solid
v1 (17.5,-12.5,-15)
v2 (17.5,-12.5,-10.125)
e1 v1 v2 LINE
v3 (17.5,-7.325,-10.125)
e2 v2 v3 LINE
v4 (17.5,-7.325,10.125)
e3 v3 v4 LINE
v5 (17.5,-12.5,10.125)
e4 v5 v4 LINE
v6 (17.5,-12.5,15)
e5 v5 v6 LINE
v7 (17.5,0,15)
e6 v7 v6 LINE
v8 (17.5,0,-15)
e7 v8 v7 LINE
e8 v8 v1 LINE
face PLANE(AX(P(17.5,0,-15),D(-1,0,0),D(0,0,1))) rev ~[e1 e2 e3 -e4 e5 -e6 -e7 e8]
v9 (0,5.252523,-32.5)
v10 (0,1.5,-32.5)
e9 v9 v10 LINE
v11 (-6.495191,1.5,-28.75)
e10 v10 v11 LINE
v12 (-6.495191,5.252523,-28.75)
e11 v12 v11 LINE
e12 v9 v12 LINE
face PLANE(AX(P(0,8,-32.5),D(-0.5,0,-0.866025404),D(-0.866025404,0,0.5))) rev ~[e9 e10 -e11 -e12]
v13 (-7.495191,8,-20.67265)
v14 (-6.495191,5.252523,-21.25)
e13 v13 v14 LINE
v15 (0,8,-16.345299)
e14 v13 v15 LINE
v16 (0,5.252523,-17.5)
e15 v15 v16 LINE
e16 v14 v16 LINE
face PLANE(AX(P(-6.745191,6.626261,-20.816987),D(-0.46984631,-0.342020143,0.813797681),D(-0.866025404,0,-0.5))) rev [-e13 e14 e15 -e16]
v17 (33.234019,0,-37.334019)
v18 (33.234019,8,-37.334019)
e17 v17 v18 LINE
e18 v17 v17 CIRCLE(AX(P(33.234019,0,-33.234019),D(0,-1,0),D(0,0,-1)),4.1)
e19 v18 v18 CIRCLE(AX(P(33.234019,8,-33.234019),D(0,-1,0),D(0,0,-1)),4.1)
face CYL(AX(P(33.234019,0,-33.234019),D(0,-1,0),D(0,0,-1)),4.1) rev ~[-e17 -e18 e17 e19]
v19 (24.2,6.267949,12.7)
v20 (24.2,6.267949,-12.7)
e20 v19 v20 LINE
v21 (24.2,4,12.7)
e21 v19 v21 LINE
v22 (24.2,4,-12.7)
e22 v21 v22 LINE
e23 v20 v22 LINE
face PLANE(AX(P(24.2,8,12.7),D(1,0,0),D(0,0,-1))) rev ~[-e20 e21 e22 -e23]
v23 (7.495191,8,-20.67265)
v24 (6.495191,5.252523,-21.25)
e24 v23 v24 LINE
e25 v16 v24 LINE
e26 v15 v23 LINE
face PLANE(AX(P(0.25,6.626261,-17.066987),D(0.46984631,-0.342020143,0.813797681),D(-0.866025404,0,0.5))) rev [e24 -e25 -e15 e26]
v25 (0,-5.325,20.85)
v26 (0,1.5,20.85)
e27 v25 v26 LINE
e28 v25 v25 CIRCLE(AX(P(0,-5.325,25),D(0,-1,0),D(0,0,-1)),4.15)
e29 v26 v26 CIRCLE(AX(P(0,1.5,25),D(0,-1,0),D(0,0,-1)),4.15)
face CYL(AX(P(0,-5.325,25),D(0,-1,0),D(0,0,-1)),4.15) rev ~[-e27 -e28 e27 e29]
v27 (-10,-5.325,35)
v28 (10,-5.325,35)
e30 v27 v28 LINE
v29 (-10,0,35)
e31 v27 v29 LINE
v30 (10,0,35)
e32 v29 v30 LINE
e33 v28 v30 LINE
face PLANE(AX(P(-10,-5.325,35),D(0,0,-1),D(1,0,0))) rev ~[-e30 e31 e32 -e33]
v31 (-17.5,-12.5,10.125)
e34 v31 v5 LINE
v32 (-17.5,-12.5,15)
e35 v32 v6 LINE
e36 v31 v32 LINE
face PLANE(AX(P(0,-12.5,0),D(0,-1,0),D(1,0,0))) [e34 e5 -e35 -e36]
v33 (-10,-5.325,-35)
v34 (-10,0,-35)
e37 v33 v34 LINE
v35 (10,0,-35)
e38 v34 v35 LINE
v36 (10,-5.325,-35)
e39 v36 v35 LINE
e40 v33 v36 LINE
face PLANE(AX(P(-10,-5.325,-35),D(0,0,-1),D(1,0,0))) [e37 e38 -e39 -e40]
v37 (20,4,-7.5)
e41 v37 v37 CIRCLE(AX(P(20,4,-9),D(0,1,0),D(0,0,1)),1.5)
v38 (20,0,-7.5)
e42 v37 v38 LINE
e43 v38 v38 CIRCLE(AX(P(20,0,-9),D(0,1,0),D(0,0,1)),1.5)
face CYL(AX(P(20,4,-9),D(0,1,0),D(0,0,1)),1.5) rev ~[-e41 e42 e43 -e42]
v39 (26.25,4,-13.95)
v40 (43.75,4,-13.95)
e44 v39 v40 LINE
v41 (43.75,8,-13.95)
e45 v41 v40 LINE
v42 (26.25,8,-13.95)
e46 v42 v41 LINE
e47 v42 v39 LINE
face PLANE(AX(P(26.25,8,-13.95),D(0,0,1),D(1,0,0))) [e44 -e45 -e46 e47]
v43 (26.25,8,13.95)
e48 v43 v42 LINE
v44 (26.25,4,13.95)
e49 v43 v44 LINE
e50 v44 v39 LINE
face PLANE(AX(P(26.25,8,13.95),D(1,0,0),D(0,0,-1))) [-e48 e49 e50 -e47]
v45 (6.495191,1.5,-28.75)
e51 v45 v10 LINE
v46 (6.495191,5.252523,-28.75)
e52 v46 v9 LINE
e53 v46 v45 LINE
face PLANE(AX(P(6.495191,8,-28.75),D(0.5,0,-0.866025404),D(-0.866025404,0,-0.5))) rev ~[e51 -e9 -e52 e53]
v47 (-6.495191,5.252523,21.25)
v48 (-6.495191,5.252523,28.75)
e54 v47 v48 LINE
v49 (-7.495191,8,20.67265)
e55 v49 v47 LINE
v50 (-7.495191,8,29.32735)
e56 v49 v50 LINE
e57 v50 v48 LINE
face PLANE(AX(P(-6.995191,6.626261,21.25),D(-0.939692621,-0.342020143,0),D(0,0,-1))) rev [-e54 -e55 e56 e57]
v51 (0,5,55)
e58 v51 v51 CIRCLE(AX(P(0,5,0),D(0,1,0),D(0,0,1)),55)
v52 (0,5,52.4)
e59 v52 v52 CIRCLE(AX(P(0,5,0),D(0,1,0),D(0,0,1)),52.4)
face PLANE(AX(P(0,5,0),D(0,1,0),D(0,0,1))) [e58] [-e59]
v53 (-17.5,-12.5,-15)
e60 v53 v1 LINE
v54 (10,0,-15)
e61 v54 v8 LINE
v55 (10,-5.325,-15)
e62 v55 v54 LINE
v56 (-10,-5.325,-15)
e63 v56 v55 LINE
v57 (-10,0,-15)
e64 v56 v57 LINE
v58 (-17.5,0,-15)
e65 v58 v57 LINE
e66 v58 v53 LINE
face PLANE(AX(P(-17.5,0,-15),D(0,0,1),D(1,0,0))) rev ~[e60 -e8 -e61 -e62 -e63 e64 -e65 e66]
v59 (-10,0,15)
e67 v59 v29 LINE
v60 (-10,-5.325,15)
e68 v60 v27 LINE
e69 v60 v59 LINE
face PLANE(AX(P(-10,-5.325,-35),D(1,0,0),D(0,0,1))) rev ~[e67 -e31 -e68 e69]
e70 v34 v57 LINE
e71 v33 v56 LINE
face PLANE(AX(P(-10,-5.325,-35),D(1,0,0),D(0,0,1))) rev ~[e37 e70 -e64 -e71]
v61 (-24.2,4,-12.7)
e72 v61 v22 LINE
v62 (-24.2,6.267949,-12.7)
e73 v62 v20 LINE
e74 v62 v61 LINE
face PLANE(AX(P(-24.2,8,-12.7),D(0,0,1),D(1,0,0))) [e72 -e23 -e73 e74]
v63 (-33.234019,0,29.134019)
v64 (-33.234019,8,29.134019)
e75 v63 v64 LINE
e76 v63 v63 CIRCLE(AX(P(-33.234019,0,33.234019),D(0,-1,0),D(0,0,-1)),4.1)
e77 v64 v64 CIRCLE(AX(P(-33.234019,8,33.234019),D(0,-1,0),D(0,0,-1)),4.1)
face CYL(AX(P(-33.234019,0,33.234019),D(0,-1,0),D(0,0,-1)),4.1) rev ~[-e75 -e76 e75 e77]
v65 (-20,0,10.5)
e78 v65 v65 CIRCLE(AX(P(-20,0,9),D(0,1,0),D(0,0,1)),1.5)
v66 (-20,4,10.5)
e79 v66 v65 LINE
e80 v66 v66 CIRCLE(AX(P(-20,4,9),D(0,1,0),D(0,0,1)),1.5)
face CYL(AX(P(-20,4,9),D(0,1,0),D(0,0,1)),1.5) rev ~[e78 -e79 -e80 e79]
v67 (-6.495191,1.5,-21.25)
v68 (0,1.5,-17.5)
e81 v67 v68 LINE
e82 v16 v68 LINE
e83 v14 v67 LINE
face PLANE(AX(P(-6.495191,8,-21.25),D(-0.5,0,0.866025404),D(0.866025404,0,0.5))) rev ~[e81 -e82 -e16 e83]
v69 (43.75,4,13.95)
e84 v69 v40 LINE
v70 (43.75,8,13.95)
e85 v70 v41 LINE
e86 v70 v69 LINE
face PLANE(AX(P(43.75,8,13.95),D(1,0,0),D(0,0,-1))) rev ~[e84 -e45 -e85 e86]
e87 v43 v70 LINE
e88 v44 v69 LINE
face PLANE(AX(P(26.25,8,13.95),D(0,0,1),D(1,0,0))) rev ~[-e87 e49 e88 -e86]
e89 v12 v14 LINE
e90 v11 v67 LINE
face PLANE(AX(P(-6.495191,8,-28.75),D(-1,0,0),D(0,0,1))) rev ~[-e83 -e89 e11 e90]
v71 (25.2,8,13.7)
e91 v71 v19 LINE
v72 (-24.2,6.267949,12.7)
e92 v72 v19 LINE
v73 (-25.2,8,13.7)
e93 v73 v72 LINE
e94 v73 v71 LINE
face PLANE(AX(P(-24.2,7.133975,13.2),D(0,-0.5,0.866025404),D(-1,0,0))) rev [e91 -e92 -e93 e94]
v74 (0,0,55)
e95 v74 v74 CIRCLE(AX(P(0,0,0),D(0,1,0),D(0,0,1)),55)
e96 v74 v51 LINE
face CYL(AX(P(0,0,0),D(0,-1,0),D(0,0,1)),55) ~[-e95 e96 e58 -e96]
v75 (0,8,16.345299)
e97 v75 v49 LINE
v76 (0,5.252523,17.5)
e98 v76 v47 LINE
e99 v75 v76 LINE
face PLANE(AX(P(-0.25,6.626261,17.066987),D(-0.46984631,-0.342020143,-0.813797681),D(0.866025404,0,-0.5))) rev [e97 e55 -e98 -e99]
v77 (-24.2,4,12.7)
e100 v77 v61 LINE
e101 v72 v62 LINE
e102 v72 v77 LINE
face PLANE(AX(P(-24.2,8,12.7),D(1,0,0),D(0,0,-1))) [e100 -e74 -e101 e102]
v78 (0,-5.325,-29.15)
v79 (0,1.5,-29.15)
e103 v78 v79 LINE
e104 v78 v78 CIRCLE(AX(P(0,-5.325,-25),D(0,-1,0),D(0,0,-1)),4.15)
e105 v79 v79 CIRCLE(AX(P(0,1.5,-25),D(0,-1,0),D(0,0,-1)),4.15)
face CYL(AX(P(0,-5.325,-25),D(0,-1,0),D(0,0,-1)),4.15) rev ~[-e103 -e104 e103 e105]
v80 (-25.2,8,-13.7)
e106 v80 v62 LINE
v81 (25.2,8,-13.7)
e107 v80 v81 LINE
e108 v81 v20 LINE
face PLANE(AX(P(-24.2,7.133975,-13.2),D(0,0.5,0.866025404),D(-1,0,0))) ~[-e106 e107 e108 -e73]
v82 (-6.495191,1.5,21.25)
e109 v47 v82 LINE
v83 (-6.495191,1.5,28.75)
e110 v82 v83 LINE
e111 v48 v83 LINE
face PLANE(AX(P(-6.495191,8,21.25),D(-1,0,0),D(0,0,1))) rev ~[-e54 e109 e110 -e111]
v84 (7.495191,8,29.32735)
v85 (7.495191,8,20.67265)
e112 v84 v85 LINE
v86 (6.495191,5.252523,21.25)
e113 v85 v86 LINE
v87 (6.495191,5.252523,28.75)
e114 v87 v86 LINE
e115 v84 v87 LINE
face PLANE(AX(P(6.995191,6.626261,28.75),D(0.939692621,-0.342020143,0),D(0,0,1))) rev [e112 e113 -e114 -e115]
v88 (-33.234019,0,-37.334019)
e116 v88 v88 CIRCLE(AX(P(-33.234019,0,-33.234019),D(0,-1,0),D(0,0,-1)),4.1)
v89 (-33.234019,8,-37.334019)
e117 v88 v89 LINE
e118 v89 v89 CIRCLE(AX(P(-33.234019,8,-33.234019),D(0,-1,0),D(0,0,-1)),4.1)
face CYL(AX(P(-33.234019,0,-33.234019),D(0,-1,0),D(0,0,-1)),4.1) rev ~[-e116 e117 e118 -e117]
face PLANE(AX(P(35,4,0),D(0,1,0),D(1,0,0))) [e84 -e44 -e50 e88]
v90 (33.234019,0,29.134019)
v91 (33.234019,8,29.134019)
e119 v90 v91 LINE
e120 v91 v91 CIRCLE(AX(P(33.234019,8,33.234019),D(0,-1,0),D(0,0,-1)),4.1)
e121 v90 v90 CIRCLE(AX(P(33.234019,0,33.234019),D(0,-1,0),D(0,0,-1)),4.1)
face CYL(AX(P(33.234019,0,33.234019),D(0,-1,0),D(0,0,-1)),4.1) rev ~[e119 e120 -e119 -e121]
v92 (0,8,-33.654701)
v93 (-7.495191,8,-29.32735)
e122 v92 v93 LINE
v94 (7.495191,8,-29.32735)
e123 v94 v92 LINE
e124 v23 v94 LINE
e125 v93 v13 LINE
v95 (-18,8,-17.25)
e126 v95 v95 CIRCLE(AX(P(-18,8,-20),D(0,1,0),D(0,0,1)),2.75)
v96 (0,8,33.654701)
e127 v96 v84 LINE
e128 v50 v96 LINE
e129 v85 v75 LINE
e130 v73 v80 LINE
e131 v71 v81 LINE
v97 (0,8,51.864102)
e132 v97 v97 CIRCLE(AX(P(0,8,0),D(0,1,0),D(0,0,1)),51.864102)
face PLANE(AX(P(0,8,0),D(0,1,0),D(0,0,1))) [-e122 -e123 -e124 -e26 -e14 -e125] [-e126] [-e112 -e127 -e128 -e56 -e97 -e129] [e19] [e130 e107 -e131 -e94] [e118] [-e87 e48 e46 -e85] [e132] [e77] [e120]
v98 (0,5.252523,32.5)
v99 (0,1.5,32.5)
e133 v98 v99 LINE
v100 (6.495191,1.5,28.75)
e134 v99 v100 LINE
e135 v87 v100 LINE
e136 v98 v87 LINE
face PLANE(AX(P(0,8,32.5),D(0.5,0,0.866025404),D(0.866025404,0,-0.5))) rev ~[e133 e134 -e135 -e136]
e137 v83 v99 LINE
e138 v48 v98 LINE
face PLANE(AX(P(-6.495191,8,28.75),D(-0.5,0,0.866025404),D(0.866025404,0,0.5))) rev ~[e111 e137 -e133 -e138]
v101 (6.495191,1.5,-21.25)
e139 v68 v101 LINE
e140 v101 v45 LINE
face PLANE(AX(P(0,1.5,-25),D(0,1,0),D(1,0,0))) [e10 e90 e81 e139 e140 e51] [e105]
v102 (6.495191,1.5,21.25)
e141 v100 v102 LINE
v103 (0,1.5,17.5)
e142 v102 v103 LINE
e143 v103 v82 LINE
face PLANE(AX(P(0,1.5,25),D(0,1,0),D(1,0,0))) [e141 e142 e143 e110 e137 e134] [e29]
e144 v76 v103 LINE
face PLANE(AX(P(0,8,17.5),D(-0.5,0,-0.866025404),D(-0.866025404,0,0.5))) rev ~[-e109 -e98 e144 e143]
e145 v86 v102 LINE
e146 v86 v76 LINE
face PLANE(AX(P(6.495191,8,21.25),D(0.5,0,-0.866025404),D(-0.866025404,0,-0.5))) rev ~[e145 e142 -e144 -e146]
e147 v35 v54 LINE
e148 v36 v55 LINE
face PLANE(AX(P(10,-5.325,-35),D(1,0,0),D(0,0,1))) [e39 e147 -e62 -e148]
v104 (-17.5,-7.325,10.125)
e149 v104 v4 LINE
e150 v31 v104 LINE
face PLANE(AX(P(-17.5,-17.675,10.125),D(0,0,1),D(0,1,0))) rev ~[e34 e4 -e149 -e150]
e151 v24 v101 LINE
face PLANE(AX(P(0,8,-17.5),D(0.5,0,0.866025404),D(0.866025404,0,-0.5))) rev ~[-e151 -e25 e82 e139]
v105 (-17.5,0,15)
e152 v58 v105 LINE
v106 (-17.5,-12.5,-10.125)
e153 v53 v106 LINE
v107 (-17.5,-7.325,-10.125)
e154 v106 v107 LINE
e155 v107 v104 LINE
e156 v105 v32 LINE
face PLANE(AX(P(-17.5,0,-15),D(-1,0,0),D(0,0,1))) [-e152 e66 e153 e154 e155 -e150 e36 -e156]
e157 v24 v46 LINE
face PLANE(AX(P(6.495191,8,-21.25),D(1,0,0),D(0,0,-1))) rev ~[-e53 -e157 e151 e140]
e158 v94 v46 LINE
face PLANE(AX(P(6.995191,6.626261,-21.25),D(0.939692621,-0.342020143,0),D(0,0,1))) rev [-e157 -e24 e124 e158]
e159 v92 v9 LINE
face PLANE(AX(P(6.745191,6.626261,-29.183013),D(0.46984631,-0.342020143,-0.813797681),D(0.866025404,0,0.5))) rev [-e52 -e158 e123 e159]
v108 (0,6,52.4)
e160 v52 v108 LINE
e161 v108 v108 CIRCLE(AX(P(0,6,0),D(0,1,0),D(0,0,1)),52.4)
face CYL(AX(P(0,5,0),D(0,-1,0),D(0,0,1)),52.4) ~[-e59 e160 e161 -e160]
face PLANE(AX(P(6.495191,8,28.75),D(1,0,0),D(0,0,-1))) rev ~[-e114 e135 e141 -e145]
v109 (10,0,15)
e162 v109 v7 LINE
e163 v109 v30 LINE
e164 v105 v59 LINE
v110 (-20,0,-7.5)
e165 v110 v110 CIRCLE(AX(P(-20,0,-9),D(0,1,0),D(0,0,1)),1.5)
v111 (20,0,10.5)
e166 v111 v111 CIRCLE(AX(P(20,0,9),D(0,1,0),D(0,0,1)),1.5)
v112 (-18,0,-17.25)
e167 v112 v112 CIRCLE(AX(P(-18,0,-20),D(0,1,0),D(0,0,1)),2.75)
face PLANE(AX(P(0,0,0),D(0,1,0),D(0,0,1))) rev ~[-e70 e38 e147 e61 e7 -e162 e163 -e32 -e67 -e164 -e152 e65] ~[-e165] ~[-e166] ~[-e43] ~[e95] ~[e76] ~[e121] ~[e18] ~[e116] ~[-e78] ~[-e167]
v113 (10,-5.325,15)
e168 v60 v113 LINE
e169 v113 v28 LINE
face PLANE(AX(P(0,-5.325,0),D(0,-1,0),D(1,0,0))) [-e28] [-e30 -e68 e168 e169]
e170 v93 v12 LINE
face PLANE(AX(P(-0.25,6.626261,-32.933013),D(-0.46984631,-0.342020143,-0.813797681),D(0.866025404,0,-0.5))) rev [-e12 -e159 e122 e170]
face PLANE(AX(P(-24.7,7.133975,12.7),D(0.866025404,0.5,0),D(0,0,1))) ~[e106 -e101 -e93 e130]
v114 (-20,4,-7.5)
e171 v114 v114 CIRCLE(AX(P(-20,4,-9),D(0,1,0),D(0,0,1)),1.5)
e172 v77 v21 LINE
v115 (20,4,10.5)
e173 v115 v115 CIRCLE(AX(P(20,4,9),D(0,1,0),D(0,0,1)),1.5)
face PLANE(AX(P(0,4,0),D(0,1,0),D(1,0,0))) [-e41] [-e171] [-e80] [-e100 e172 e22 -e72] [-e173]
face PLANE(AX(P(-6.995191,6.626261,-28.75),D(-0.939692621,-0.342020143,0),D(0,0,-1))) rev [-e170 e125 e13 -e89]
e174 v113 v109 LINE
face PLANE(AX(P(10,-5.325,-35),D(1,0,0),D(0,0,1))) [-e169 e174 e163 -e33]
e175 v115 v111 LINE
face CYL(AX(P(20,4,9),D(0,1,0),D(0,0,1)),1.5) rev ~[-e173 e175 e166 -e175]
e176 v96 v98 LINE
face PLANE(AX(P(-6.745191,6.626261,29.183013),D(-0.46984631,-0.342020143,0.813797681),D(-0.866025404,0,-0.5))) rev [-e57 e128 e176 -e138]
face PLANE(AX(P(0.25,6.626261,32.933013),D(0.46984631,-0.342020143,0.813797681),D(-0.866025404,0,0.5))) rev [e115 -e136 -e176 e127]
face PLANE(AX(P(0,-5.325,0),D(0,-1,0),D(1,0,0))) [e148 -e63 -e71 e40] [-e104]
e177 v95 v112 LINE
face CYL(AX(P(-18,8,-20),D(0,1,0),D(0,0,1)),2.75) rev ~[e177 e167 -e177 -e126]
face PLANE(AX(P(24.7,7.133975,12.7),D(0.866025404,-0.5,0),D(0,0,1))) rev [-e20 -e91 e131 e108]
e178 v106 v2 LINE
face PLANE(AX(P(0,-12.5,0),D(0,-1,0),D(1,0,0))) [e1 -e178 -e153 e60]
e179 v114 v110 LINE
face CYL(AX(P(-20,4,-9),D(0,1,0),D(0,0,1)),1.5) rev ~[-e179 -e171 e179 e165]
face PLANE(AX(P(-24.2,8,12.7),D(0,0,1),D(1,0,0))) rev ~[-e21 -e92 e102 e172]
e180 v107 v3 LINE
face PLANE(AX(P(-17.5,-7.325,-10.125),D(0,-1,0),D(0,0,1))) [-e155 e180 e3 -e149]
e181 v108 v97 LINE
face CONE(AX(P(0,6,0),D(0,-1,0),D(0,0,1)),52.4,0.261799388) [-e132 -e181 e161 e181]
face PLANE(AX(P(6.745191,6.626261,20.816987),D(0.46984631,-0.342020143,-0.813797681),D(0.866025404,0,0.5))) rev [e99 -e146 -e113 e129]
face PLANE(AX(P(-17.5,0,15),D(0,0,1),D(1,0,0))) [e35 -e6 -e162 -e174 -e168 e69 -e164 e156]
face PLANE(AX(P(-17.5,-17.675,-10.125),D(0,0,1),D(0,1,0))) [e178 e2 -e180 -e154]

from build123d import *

# Parameters (mm, degrees)
SKETCH_1_R          = 55
EXTRUDE_1_DEPTH     = 5
SKETCH_2_R          = 52.4
EXTRUDE_2_DEPTH     = 3
SKETCH_3_W          = 35
SKETCH_3_H          = 30
EXTRUDE_3_DEPTH     = 25
SKETCH_5_R          = 4.1
CUT_EXTRUDE_2_DEPTH = 9
SKETCH_6_R          = 2.75
CUT_EXTRUDE_3_DEPTH = 34
SKETCH2_W           = 20.25
SKETCH2_H           = 10.35
CUT_EXTRUDE1_DEPTH  = 73.5
SKETCH3_W           = 17.5
SKETCH3_H           = 27.9
SKETCH3_W_2         = 48.4
SKETCH3_H_2         = 25.4
CUT_EXTRUDE2_DEPTH  = 4
CHAMFER1_SIZE       = 2
CHAMFER1_SIZE2      = 0.535898385
SKETCH4_W           = 35
SKETCH4_H           = 30
CUT_EXTRUDE3_DEPTH  = 12.5
BOSS_EXTRUDE2_START = -2
SKETCH5_W           = 20
SKETCH5_H           = 70
BOSS_EXTRUDE2_DEPTH = 5.325
SKETCH6_R           = 4.15
CUT_EXTRUDE4_DEPTH  = 14.325
CUT_EXTRUDE5_DEPTH  = 6.5
CHAMFER2_SIZE       = 1
CHAMFER2_SIZE2      = 2.747477419
SKETCH8_R           = 1.5
CUT_EXTRUDE6_DEPTH  = 17.5
CHAMFER3_SIZE       = 1
CHAMFER3_SIZE2      = 1.732050808


with BuildPart() as part:
    # Эскиз1 → Бобышка-Вытянуть1 (new body)
    with BuildSketch(Plane(origin=(0, 0, 0), x_dir=(1, 0, 0), z_dir=(0, 1, 0))):
        with Locations(Location((0, 0, 0), (0, 0, 270))):  # turned: the seam where the file's is
            Circle(SKETCH_1_R)
    extrude(amount=EXTRUDE_1_DEPTH)

    # Эскиз2 → Бобышка-Вытянуть2 (add)
    with BuildSketch(Plane(origin=(0, 5, 0), x_dir=(1, 0, 0), z_dir=(0, 1, 0))):
        with Locations(Location((0, 0, 0), (0, 0, 270))):  # turned: the seam where the file's is
            Circle(SKETCH_2_R)
    extrude(amount=EXTRUDE_2_DEPTH)

    # Эскиз3 → Бобышка-Вытянуть3 (add)
    with BuildSketch(Plane.XZ):
        Rectangle(SKETCH_3_W, SKETCH_3_H)
    extrude(amount=EXTRUDE_3_DEPTH)

    # Эскиз5 → Вырез-Вытянуть2 (cut, through all)
    with BuildSketch(Plane.XZ):
        with Locations(Location((33.234018716, -33.234018716, 0), (0, 0, 270))):  # turned: the seam where the file's is
            Circle(SKETCH_5_R)
        with Locations(Location((-33.234018716, -33.234018716, 0), (0, 0, 270))):  # turned: the seam where the file's is
            Circle(SKETCH_5_R)
        with Locations(Location((-33.234018716, 33.234018716, 0), (0, 0, 270))):  # turned: the seam where the file's is
            Circle(SKETCH_5_R)
        with Locations(Location((33.234018716, 33.234018716, 0), (0, 0, 270))):  # turned: the seam where the file's is
            Circle(SKETCH_5_R)
    extrude(amount=-CUT_EXTRUDE_2_DEPTH, mode=Mode.SUBTRACT)

    # Эскиз6 → Вырез-Вытянуть3 (cut, through all)
    with BuildSketch(Plane(origin=(0, 8, 0), x_dir=(1, 0, 0), z_dir=(0, 1, 0))):
        with Locations(Location((-18, 20, 0), (0, 0, 270))):  # turned: the seam where the file's is
            Circle(SKETCH_6_R)
    extrude(amount=-CUT_EXTRUDE_3_DEPTH, mode=Mode.SUBTRACT)

    # Sketch2 → Cut-Extrude1 (cut, through all)
    with BuildSketch(Plane.ZY.offset(17.5)):
        with Locations((0, -12.5)):
            Rectangle(SKETCH2_W, SKETCH2_H)
    extrude(amount=-CUT_EXTRUDE1_DEPTH, mode=Mode.SUBTRACT)

    # Sketch3 → Cut-Extrude2 (cut)
    with BuildSketch(Plane(origin=(0, 8, 0), x_dir=(1, 0, 0), z_dir=(0, 1, 0))):
        with Locations((35, 0)):
            Rectangle(SKETCH3_W, SKETCH3_H)
        Rectangle(SKETCH3_W_2, SKETCH3_H_2)
    extrude(amount=-CUT_EXTRUDE2_DEPTH, mode=Mode.SUBTRACT)

    # Chamfer1
    chamfer1_edges = [part.edges().sort_by_distance(p)[0] for p in [
        (0, 8, -52.4),
    ]]
    chamfer1_side = [part.faces().sort_by_distance(p)[0] for p in [
        (0, 6.5, -52.4),
    ]]
    chamfer(chamfer1_edges, length=CHAMFER1_SIZE, length2=CHAMFER1_SIZE2, reference=chamfer1_side[0])

    # Sketch4 → Cut-Extrude3 (cut)
    with BuildSketch(Plane.XZ.offset(25)):
        Rectangle(SKETCH4_W, SKETCH4_H)
    extrude(amount=-CUT_EXTRUDE3_DEPTH, mode=Mode.SUBTRACT)

    # Sketch5 → Boss-Extrude2 (add)
    with BuildSketch(Plane.XZ.offset(7.325).offset(BOSS_EXTRUDE2_START)):
        Rectangle(SKETCH5_W, SKETCH5_H)
    extrude(amount=-BOSS_EXTRUDE2_DEPTH)

    # Sketch6 → Cut-Extrude4 (cut, through all)
    with BuildSketch(Plane.XZ.offset(5.325)):
        with Locations(Location((0, 25, 0), (0, 0, 270))):  # turned: the seam where the file's is
            Circle(SKETCH6_R)
        with Locations(Location((0, -25, 0), (0, 0, 270))):  # turned: the seam where the file's is
            Circle(SKETCH6_R)
    extrude(amount=-CUT_EXTRUDE4_DEPTH, mode=Mode.SUBTRACT)

    # Sketch7 → Cut-Extrude5 (cut)
    with BuildSketch(Plane(origin=(0, 8, 0), x_dir=(1, 0, 0), z_dir=(0, 1, 0))):
        Polygon((0, -32.5), (6.495190528, -28.75), (6.495190528, -21.25), (0, -17.5), (-6.495190528, -21.25), (-6.495190528, -28.75), align=None)
        Polygon((0, 17.5), (6.495190528, 21.25), (6.495190528, 28.75), (0, 32.5), (-6.495190528, 28.75), (-6.495190528, 21.25), align=None)
    extrude(amount=-CUT_EXTRUDE5_DEPTH, mode=Mode.SUBTRACT)

    # Chamfer2
    chamfer2_edges = [part.edges().sort_by_distance(p)[0] for p in [
        (-3.247595264, 8, 30.625),
        (3.247595264, 8, 30.625),
        (6.495190528, 8, 25),
        (3.247595264, 8, 19.375),
        (-3.247595264, 8, 19.375),
        (-6.495190528, 8, 25),
        (-3.247595264, 8, -19.375),
        (3.247595264, 8, -19.375),
        (6.495190528, 8, -25),
        (3.247595264, 8, -30.625),
        (-3.247595264, 8, -30.625),
        (-6.495190528, 8, -25),
    ]]
    chamfer2_side = [part.faces().sort_by_distance(p)[0] for p in [
        (0, 8, -50.397163297),
    ]]
    chamfer(chamfer2_edges, length=CHAMFER2_SIZE, length2=CHAMFER2_SIZE2, reference=chamfer2_side[0])

    # Sketch8 → Cut-Extrude6 (cut, through all)
    with BuildSketch(Plane(origin=(0, 4, 0), x_dir=(1, 0, 0), z_dir=(0, 1, 0))):
        with Locations(Location((20, 9, 0), (0, 0, 270))):  # turned: the seam where the file's is
            Circle(SKETCH8_R)
        with Locations(Location((20, -9, 0), (0, 0, 270))):  # turned: the seam where the file's is
            Circle(SKETCH8_R)
        with Locations(Location((-20, 9, 0), (0, 0, 270))):  # turned: the seam where the file's is
            Circle(SKETCH8_R)
        with Locations(Location((-20, -9, 0), (0, 0, 270))):  # turned: the seam where the file's is
            Circle(SKETCH8_R)
    extrude(amount=-CUT_EXTRUDE6_DEPTH, mode=Mode.SUBTRACT)

    # Chamfer3
    chamfer3_edges = [part.edges().sort_by_distance(p)[0] for p in [
        (24.2, 8, 0),
        (0, 8, -12.7),
        (-24.2, 8, 0),
        (0, 8, 12.7),
    ]]
    chamfer3_side = [part.faces().sort_by_distance(p)[0] for p in [
        (-4.481064423, 8, 32.761431253),
    ]]
    chamfer(chamfer3_edges, length=CHAMFER3_SIZE, length2=CHAMFER3_SIZE2, reference=chamfer3_side[0])


solid = part.part
